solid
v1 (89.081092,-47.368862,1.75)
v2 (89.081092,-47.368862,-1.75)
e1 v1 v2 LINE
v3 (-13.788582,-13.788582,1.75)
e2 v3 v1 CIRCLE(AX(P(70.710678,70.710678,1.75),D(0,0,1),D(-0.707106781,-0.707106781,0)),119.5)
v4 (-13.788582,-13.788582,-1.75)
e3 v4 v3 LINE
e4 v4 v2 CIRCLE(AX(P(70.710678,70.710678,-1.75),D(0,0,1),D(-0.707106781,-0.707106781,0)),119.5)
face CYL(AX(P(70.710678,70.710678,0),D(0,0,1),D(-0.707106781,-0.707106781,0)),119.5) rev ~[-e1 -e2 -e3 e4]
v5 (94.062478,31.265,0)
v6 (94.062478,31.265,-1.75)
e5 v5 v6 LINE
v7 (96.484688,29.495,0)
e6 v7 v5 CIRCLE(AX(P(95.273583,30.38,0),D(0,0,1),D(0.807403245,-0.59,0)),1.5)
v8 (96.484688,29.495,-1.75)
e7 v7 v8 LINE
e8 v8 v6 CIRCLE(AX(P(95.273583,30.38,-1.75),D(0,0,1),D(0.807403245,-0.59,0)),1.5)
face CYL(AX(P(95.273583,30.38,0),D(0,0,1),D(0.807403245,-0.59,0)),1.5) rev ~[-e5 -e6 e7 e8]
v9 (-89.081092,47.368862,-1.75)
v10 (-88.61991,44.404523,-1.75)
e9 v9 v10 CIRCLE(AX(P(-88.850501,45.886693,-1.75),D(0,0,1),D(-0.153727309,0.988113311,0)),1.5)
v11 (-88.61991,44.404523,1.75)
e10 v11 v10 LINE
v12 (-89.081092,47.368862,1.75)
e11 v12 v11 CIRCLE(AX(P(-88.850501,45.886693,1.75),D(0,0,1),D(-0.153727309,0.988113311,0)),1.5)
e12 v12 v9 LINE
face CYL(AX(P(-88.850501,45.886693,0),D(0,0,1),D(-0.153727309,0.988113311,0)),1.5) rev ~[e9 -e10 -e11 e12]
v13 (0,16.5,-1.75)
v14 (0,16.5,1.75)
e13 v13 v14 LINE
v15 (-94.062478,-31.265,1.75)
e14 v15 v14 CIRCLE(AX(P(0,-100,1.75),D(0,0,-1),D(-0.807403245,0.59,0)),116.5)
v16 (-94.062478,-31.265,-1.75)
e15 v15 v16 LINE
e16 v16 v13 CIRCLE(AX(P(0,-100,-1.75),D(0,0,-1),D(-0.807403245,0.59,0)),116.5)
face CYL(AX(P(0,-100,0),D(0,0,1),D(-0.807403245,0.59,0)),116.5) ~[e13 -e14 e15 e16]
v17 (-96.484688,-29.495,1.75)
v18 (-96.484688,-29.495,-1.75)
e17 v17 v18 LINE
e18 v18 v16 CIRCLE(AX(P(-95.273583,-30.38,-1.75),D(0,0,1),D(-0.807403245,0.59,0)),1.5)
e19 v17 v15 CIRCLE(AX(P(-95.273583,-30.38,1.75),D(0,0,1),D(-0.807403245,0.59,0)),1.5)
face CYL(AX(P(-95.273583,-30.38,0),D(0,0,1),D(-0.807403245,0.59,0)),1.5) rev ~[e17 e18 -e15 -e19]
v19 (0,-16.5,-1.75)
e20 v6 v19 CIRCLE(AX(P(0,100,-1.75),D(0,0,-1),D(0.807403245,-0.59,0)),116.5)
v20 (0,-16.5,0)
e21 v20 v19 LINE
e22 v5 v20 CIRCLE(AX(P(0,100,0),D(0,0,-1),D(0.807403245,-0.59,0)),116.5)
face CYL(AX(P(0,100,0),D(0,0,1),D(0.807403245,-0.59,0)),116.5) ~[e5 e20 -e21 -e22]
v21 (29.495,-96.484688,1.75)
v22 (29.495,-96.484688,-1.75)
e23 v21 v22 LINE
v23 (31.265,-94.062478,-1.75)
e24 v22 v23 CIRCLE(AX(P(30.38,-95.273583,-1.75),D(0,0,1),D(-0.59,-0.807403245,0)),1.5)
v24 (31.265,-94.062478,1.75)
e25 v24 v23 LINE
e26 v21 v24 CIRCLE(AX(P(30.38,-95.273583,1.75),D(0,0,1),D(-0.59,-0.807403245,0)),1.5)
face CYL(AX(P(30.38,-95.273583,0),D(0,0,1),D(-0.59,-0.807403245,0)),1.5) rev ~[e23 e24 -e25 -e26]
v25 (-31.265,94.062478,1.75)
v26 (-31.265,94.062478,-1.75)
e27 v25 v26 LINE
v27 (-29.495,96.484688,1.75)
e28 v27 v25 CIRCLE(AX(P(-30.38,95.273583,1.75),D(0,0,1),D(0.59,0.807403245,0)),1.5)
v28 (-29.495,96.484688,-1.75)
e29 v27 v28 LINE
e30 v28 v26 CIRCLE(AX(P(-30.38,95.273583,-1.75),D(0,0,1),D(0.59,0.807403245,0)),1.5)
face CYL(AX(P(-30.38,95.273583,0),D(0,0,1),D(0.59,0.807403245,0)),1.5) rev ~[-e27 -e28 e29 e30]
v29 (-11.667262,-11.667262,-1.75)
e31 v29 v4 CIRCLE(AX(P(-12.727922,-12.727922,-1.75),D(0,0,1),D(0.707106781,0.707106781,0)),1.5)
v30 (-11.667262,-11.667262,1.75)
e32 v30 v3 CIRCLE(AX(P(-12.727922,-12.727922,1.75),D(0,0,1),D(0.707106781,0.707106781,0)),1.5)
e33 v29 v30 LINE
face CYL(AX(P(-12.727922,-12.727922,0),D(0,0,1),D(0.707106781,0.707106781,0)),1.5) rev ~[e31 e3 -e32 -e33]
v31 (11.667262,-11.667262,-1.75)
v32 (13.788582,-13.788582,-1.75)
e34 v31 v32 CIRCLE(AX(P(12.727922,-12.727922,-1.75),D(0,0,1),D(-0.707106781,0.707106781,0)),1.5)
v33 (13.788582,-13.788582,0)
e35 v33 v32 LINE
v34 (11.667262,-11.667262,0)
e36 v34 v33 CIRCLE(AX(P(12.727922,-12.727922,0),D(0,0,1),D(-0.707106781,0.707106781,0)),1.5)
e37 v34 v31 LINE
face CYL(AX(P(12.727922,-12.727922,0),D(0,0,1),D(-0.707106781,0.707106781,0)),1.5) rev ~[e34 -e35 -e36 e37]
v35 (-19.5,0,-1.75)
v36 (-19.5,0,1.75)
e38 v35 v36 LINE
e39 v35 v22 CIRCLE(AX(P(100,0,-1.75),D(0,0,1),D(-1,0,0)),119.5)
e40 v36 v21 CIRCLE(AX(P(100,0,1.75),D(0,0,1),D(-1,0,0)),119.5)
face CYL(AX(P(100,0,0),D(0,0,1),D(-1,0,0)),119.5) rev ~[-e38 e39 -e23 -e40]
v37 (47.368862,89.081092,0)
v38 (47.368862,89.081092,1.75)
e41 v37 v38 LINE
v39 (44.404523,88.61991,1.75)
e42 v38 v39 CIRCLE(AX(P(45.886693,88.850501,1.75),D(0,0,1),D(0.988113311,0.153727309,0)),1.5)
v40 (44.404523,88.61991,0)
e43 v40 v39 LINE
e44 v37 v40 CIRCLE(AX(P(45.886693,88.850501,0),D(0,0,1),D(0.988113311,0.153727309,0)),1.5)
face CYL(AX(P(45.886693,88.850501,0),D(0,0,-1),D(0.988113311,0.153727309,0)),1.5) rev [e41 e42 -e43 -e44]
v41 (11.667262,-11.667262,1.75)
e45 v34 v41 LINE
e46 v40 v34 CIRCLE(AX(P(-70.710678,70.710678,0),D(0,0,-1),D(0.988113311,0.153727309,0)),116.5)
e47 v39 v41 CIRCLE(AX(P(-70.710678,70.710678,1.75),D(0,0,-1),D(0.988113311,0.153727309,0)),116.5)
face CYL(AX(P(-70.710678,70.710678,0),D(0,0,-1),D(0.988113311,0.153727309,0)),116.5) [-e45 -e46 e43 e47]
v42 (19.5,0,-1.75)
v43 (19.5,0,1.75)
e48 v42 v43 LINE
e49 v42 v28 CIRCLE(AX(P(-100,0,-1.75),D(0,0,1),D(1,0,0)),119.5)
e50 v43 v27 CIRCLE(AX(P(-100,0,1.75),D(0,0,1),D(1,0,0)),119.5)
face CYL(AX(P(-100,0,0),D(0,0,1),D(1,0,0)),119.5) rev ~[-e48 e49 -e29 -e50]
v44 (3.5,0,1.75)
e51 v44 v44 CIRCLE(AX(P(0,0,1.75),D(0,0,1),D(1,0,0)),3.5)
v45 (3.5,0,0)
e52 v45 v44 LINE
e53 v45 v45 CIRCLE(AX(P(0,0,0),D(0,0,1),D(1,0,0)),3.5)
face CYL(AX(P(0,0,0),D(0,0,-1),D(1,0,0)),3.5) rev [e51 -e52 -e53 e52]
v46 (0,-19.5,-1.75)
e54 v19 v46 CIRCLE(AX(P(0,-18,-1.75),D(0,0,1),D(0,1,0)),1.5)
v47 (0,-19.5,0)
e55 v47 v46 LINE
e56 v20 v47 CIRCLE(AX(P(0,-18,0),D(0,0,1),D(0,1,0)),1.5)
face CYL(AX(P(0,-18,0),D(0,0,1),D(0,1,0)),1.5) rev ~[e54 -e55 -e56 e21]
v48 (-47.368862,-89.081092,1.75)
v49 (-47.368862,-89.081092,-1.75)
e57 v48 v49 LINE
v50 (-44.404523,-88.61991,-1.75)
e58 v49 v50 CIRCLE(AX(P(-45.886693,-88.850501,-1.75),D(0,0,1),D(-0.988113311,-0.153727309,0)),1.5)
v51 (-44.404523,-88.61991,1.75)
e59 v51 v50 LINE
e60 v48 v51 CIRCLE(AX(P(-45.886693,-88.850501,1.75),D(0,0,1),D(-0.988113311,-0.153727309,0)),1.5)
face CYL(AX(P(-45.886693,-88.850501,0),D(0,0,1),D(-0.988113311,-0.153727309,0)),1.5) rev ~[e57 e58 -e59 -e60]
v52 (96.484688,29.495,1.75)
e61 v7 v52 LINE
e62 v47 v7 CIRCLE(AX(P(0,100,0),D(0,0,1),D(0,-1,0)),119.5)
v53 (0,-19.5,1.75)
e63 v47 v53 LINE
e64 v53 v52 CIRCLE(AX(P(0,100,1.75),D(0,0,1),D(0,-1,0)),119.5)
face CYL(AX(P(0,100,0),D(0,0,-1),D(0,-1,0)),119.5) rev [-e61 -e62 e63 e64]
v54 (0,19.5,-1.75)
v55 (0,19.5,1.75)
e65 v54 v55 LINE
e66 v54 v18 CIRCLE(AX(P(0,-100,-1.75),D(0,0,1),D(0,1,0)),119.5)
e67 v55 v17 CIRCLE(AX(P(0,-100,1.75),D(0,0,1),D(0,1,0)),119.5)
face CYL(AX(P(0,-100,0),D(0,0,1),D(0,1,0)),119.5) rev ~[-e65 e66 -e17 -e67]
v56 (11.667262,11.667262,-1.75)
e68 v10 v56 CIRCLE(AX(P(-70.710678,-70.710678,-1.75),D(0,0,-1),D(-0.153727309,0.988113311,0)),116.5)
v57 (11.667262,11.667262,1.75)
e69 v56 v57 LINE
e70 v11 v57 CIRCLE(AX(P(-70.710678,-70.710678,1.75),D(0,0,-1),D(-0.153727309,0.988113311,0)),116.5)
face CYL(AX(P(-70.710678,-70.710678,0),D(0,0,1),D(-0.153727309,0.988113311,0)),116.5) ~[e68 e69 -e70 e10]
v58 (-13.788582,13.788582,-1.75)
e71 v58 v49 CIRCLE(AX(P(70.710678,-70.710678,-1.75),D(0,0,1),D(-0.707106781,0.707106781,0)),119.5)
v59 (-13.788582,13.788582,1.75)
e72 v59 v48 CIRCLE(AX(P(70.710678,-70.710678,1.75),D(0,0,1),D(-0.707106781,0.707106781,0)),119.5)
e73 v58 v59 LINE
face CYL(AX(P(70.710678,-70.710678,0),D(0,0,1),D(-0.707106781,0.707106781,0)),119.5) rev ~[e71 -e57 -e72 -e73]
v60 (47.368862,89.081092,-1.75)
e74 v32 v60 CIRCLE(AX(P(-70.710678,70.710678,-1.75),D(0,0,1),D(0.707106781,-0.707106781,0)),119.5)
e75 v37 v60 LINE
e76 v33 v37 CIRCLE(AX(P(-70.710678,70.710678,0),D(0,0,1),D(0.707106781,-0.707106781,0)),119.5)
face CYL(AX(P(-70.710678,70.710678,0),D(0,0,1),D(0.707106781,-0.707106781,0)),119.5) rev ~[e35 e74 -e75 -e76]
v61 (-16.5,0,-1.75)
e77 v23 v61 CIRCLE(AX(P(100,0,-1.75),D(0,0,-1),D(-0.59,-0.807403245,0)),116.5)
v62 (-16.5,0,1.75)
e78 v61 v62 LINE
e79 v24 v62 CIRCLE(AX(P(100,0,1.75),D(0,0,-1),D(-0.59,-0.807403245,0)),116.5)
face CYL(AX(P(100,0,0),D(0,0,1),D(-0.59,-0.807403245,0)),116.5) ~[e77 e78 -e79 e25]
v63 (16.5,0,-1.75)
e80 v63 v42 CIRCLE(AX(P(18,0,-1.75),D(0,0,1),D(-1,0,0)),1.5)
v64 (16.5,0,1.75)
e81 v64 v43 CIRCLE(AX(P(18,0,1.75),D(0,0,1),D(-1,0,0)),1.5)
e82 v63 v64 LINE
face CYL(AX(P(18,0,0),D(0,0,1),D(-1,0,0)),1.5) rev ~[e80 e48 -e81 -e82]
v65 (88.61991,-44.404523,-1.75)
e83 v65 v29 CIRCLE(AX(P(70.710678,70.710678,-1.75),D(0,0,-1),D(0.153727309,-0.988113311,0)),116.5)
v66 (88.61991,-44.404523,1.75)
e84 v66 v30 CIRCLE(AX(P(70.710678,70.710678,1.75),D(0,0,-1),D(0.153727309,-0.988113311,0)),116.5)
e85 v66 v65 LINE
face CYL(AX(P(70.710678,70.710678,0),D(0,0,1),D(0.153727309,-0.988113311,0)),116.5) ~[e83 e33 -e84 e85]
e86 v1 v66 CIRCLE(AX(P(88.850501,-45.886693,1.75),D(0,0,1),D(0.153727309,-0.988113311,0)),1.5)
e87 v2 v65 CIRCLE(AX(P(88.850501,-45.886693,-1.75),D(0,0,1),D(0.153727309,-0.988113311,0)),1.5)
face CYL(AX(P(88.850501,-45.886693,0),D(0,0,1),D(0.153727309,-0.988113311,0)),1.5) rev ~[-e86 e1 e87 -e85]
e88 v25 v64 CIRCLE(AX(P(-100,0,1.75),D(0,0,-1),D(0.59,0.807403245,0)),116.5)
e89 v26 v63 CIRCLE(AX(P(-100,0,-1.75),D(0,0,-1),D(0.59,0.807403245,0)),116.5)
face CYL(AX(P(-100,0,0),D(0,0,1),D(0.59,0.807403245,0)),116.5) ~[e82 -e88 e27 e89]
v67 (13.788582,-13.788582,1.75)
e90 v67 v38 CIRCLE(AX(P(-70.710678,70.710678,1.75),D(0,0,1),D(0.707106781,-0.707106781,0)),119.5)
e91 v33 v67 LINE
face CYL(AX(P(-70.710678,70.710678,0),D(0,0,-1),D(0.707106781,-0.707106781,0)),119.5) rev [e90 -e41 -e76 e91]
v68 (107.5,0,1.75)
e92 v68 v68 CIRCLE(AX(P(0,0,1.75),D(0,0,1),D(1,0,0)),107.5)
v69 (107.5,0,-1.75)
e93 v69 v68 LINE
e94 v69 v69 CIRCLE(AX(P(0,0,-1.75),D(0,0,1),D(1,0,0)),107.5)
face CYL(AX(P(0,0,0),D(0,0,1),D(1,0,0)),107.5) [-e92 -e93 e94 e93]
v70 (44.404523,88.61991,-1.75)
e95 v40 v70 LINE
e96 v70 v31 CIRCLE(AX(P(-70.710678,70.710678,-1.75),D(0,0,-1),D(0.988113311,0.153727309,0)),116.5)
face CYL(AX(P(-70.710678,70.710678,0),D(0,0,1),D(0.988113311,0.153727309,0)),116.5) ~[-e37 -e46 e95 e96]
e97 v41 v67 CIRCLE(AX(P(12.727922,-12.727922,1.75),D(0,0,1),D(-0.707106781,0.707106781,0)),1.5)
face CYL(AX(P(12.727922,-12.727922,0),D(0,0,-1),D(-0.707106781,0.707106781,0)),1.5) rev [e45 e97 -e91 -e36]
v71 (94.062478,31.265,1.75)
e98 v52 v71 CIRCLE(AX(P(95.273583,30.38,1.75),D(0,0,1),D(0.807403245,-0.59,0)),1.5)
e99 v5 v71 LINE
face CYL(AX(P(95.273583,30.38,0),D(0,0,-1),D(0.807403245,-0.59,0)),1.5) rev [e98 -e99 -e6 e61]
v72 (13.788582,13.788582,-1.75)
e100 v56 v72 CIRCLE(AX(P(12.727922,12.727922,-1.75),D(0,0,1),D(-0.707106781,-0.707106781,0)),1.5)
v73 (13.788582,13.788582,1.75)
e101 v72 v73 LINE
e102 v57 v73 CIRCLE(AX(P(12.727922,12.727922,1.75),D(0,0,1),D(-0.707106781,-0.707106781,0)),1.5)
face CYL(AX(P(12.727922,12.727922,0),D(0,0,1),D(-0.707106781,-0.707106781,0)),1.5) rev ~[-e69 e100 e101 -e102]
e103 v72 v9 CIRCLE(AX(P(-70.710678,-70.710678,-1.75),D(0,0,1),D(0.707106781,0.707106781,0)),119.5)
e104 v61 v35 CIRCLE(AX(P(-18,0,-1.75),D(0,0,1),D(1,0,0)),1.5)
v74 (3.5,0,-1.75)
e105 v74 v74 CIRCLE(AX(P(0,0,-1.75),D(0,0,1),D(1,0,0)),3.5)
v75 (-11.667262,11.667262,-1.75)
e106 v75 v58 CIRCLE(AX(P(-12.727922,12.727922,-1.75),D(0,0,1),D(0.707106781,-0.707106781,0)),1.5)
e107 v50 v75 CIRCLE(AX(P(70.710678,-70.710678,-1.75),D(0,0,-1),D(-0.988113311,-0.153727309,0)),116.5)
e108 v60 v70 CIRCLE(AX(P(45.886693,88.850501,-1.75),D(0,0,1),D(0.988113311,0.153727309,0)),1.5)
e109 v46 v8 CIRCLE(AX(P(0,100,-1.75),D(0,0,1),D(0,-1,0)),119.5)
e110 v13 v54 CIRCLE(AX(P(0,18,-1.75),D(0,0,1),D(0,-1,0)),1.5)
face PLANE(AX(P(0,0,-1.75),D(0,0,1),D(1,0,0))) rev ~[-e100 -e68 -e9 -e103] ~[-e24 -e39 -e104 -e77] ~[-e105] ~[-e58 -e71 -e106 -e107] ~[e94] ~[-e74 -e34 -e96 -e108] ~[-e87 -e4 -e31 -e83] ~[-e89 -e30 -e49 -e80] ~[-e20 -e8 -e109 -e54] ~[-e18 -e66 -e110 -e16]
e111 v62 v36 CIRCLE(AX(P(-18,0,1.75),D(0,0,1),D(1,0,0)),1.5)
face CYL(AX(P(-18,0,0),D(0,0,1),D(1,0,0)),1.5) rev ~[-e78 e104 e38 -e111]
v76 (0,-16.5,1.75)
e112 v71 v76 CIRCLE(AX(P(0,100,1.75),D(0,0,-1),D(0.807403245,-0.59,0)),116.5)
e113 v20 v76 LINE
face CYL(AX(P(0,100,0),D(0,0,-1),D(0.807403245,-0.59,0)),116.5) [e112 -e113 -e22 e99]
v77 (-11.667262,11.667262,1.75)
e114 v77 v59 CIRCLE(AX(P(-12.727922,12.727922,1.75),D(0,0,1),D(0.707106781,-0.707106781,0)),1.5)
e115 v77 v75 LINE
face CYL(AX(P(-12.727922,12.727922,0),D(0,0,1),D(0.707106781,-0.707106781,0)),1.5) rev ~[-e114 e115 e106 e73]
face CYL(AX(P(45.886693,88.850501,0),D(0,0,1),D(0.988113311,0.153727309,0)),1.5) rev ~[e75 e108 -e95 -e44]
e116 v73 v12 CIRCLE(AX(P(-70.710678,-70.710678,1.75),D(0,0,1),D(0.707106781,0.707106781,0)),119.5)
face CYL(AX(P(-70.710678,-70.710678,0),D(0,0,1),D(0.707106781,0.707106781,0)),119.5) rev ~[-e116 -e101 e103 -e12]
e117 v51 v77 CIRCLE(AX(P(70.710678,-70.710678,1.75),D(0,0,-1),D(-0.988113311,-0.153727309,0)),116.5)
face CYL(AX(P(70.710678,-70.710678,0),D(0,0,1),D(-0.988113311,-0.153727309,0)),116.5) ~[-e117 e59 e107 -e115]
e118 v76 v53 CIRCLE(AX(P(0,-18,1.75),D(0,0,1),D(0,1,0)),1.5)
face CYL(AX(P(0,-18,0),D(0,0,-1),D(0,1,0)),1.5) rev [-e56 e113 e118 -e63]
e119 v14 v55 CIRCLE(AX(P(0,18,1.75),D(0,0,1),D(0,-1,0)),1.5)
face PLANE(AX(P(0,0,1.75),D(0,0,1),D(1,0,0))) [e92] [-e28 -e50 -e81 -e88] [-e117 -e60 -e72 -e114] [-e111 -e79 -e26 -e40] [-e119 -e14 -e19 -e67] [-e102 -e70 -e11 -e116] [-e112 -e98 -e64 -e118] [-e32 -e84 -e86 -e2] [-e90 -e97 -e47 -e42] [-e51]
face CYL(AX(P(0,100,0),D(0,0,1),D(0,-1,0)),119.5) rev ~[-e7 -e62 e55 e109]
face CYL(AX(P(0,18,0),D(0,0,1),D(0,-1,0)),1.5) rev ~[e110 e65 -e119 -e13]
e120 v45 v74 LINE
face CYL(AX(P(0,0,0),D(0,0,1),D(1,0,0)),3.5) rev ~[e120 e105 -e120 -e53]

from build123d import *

# Parameters (mm, degrees)
SKETCH1_R                = 107.5
SKETCH1_R_2              = 3.5
BOSS_EXTRUDE1_DEPTH      = 1.75
BOSS_EXTRUDE1_DEPTH_BACK = 1.75


with BuildPart() as part:
    # Sketch1 → Boss-Extrude1 (new body, two sides)
    with BuildSketch(Plane.XY) as boss_extrude1_sk:
        Circle(SKETCH1_R)
        Circle(SKETCH1_R_2, mode=Mode.SUBTRACT)
        with BuildLine():
            ThreePointArc((0, 19.5), (-54.1059262, 6.549513138), (-96.484687775, -29.495))
            ThreePointArc((-96.484687775, -29.495), (-96.158582907, -31.591104867), (-94.06247804, -31.265))
            ThreePointArc((-94.06247804, -31.265), (-52.74761843, 3.874629963), (0, 16.5))
            ThreePointArc((0, 16.5), (1.5, 18), (0, 19.5))
        make_face(mode=Mode.SUBTRACT)
        with BuildLine():
            ThreePointArc((13.788582233, 13.788582233), (-33.627462165, 42.889872472), (-89.081091517, 47.368862495))
            ThreePointArc((-89.081091517, 47.368862495), (-90.33267052, 45.656101566), (-88.619909591, 44.404522563))
            ThreePointArc((-88.619909591, 44.404522563), (-34.558421561, 40.037975805), (11.66726189, 11.66726189))
            ThreePointArc((11.66726189, 11.66726189), (13.788582233, 11.66726189), (13.788582233, 13.788582233))
        make_face(mode=Mode.SUBTRACT)
        with BuildLine():
            ThreePointArc((19.5, 0), (6.549513138, 54.1059262), (-29.495, 96.484687775))
            ThreePointArc((-29.495, 96.484687775), (-31.591104867, 96.158582907), (-31.265, 94.06247804))
            ThreePointArc((-31.265, 94.06247804), (3.874629963, 52.74761843), (16.5, 0))
            ThreePointArc((16.5, 0), (18, -1.5), (19.5, 0))
        make_face(mode=Mode.SUBTRACT)
        with BuildLine():
            ThreePointArc((13.788582233, -13.788582233), (42.889872472, 33.627462165), (47.368862495, 89.081091517))
            ThreePointArc((47.368862495, 89.081091517), (45.656101566, 90.33267052), (44.404522563, 88.619909591))
            ThreePointArc((44.404522563, 88.619909591), (40.037975805, 34.558421561), (11.66726189, -11.66726189))
            ThreePointArc((11.66726189, -11.66726189), (11.66726189, -13.788582233), (13.788582233, -13.788582233))
        make_face(mode=Mode.SUBTRACT)
        with BuildLine():
            ThreePointArc((0, -19.5), (54.1059262, -6.549513138), (96.484687775, 29.495))
            ThreePointArc((96.484687775, 29.495), (96.158582907, 31.591104867), (94.06247804, 31.265))
            ThreePointArc((94.06247804, 31.265), (52.74761843, -3.874629963), (0, -16.5))
            ThreePointArc((0, -16.5), (-1.5, -18), (0, -19.5))
        make_face(mode=Mode.SUBTRACT)
        with BuildLine():
            ThreePointArc((-13.788582233, -13.788582233), (33.627462165, -42.889872472), (89.081091517, -47.368862495))
            ThreePointArc((89.081091517, -47.368862495), (90.33267052, -45.656101566), (88.619909591, -44.404522563))
            ThreePointArc((88.619909591, -44.404522563), (34.558421561, -40.037975805), (-11.66726189, -11.66726189))
            ThreePointArc((-11.66726189, -11.66726189), (-13.788582233, -11.66726189), (-13.788582233, -13.788582233))
        make_face(mode=Mode.SUBTRACT)
        with BuildLine():
            ThreePointArc((-19.5, 0), (-6.549513138, -54.1059262), (29.495, -96.484687775))
            ThreePointArc((29.495, -96.484687775), (31.591104867, -96.158582907), (31.265, -94.06247804))
            ThreePointArc((31.265, -94.06247804), (-3.874629963, -52.74761843), (-16.5, 0))
            ThreePointArc((-16.5, 0), (-18, 1.5), (-19.5, 0))
        make_face(mode=Mode.SUBTRACT)
        with BuildLine():
            ThreePointArc((-13.788582233, 13.788582233), (-42.889872472, -33.627462165), (-47.368862495, -89.081091517))
            ThreePointArc((-47.368862495, -89.081091517), (-45.656101566, -90.33267052), (-44.404522563, -88.619909591))
            ThreePointArc((-44.404522563, -88.619909591), (-40.037975805, -34.558421561), (-11.66726189, 11.66726189))
            ThreePointArc((-11.66726189, 11.66726189), (-11.66726189, 13.788582233), (-13.788582233, 13.788582233))
        make_face(mode=Mode.SUBTRACT)
    extrude(amount=BOSS_EXTRUDE1_DEPTH)
    extrude(boss_extrude1_sk.sketch, amount=-BOSS_EXTRUDE1_DEPTH_BACK)


solid = part.part
